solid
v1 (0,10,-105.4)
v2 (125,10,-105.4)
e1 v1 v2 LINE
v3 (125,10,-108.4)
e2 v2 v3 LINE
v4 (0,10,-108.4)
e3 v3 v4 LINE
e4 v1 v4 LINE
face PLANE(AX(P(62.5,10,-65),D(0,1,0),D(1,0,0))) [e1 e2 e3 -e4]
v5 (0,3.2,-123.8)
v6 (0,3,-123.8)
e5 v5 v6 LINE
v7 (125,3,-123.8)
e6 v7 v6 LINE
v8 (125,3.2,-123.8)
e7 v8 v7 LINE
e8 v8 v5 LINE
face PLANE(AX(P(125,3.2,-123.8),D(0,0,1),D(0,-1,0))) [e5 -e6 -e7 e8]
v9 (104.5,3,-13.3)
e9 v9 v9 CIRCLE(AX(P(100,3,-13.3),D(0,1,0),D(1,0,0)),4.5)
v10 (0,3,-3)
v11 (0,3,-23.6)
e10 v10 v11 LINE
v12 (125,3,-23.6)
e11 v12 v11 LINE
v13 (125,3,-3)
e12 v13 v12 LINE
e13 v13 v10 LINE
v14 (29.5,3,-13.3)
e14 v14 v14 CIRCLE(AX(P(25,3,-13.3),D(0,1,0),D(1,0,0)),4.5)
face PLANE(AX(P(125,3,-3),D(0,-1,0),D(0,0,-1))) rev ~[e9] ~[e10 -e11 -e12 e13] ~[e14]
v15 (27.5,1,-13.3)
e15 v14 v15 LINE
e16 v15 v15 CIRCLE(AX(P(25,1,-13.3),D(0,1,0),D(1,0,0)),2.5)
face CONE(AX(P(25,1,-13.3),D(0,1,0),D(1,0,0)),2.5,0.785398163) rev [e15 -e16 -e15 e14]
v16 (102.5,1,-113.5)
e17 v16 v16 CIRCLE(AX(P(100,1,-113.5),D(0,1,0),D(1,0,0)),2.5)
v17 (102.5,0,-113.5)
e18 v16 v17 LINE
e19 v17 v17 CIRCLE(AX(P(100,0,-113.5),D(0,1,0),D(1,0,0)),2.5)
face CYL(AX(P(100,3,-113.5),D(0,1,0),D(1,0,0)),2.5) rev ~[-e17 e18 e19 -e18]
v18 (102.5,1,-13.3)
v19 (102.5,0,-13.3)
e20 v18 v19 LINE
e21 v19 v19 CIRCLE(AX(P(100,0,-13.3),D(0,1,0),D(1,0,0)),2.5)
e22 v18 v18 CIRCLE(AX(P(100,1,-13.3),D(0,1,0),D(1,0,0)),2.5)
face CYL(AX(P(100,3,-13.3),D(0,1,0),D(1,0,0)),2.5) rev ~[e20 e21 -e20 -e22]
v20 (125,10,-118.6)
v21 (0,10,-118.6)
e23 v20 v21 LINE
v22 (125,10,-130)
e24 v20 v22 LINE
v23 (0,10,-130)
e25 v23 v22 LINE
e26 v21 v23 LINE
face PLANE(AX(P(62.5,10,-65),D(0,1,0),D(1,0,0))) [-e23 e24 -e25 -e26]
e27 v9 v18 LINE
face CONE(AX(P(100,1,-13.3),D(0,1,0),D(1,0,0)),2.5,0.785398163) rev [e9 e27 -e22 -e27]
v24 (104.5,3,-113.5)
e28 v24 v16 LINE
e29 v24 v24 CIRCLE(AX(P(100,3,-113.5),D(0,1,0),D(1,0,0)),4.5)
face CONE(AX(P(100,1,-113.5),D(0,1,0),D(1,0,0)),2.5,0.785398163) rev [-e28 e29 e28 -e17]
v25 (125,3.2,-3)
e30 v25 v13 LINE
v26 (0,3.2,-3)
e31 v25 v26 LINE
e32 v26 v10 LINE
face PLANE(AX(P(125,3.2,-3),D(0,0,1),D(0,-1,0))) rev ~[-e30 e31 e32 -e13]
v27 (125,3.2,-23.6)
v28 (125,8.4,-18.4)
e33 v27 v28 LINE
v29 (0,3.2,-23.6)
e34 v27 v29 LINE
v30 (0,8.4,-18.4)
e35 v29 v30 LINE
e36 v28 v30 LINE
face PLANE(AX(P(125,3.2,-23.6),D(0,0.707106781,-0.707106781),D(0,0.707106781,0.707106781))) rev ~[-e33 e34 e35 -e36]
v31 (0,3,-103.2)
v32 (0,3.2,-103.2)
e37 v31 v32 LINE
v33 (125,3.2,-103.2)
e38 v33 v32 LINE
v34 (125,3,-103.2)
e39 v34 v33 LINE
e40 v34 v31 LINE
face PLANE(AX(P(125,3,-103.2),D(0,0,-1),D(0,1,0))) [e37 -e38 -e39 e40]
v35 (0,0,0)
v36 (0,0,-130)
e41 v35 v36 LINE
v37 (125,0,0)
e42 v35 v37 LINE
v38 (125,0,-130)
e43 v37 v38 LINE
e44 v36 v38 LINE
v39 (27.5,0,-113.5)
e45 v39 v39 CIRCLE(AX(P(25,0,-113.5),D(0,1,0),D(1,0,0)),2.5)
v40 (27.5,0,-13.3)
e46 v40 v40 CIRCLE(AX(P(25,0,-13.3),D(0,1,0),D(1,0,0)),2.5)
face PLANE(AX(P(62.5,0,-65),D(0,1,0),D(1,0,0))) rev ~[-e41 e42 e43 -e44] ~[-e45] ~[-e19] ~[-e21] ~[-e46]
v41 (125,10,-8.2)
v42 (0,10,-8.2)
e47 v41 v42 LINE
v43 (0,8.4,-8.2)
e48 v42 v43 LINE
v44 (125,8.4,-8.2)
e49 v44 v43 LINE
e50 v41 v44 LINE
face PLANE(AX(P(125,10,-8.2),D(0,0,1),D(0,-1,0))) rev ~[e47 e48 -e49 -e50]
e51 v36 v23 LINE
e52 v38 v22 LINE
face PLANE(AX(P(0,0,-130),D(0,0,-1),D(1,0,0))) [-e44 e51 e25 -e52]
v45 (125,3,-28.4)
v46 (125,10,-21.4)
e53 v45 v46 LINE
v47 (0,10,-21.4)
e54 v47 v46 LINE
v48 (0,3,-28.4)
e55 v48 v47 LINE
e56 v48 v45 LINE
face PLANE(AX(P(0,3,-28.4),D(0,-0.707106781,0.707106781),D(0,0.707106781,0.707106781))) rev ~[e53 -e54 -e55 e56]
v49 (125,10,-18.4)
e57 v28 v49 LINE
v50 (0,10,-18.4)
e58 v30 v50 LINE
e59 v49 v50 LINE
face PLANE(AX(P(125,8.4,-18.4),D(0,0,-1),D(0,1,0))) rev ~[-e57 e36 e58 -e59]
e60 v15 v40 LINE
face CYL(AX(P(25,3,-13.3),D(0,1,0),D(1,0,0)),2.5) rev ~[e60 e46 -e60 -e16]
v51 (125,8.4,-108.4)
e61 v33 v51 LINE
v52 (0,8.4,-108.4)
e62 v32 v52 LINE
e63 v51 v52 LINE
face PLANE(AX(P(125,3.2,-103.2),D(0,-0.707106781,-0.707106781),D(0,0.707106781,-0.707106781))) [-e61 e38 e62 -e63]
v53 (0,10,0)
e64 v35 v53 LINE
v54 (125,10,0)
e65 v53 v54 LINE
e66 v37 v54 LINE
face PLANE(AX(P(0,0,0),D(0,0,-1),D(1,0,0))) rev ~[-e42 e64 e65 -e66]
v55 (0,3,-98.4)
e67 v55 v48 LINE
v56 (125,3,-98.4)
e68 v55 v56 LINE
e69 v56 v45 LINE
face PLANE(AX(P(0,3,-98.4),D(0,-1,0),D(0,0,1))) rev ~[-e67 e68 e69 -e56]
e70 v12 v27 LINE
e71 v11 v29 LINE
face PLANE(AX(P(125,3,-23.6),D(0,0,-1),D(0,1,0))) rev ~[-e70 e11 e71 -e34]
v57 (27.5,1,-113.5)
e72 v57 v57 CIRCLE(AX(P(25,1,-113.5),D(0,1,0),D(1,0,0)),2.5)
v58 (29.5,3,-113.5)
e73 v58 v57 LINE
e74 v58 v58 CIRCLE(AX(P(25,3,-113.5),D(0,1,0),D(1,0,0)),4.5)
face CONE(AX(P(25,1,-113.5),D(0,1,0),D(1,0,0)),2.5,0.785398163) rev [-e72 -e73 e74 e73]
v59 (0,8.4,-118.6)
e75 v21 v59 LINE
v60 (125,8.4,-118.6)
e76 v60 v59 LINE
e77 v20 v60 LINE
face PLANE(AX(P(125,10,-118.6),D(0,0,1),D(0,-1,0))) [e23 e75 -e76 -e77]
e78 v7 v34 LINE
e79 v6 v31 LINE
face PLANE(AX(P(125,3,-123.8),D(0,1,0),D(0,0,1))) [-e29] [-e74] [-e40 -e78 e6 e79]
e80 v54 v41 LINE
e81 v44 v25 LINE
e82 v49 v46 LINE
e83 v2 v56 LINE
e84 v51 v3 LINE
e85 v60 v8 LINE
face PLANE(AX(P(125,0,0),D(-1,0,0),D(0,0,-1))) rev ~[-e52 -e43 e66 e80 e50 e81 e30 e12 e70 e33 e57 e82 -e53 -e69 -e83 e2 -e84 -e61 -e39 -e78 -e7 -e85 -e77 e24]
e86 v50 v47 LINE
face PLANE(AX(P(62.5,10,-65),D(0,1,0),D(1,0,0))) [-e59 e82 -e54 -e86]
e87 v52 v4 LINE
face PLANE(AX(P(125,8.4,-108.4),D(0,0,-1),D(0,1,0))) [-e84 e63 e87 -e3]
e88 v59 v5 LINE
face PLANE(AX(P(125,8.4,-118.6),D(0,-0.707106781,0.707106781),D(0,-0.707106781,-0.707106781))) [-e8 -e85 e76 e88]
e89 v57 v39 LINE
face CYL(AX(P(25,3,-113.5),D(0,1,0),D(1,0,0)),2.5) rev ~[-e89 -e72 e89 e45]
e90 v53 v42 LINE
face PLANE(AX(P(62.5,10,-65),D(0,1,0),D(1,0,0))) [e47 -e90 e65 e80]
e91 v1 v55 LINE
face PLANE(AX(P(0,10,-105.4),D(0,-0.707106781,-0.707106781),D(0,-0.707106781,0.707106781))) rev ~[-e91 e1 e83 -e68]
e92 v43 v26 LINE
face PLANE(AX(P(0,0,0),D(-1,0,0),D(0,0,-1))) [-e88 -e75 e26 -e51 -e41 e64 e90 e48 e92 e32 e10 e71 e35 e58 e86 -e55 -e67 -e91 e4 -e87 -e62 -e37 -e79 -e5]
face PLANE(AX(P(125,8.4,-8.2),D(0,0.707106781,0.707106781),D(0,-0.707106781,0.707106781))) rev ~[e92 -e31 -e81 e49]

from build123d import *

# Parameters (mm, degrees)
ESQUISSE1_W             = 125
ESQUISSE1_H             = 130
BOSS_EXTRU_1_DEPTH      = 10
ENL_V_MAT_EXTRU_1_DEPTH = 125
ESQUISSE4_R             = 2.5
ENL_V_MAT_EXTRU_2_DEPTH = 3
CHANFREIN2_SIZE         = 2
ENL_V_MAT_EXTRU_6_DEPTH = 126


with BuildPart() as part:
    # Esquisse1 → Boss.-Extru.1 (new body)
    with BuildSketch(Plane(origin=(0, 0, 0), x_dir=(1, 0, 0), z_dir=(0, 1, 0))):
        with Locations((62.5, 65)):
            Rectangle(ESQUISSE1_W, ESQUISSE1_H)
    extrude(amount=BOSS_EXTRU_1_DEPTH)

    # Esquisse2 → Enlèv. mat.-Extru.1 (cut)
    with BuildSketch(Plane(origin=(125, 0, 0), x_dir=(0, 0, -1), z_dir=(1, 0, 0))):
        Polygon((8.2, 10), (8.2, 8.4), (3, 3.2), (3, 3), (23.6, 3), (23.6, 3.2), (18.4, 8.4), (18.4, 10), align=None)
        Polygon((118.6, 10), (118.6, 8.4), (123.8, 3.2), (123.8, 3), (103.2, 3), (103.2, 3.2), (108.4, 8.4), (108.4, 10), align=None)
    extrude(amount=-ENL_V_MAT_EXTRU_1_DEPTH, mode=Mode.SUBTRACT)

    # Esquisse4 → Enlèv. mat.-Extru.2 (cut)
    with BuildSketch(Plane(origin=(0, 3, 0), x_dir=(1, 0, 0), z_dir=(0, 1, 0))):
        with Locations((100, 13.3)):
            Circle(ESQUISSE4_R)
        with Locations((25, 13.3)):
            Circle(ESQUISSE4_R)
        with Locations((100, 113.5)):
            Circle(ESQUISSE4_R)
        with Locations((25, 113.5)):
            Circle(ESQUISSE4_R)
    extrude(amount=-ENL_V_MAT_EXTRU_2_DEPTH, mode=Mode.SUBTRACT)

    # Chanfrein2
    chanfrein2_edges = [part.edges().sort_by_distance(p)[0] for p in [
        (22.5, 3, -13.3),
        (97.5, 3, -113.5),
        (22.5, 3, -113.5),
        (97.5, 3, -13.3),
    ]]
    chamfer(chanfrein2_edges, length=CHANFREIN2_SIZE)

    # Esquisse8 → Enlèv. mat.-Extru.6 (cut, through all)
    with BuildSketch(Plane.ZY):
        Polygon((-105.4, 10), (-104.089482721, 8.689482721), (-98.479134235, 3.079134235), (-98.4, 3), (-28.4, 3), (-28.320865765, 3.079134235), (-22.710517279, 8.689482721), (-21.4, 10), align=None)
    extrude(amount=-ENL_V_MAT_EXTRU_6_DEPTH, mode=Mode.SUBTRACT)


solid = part.part
